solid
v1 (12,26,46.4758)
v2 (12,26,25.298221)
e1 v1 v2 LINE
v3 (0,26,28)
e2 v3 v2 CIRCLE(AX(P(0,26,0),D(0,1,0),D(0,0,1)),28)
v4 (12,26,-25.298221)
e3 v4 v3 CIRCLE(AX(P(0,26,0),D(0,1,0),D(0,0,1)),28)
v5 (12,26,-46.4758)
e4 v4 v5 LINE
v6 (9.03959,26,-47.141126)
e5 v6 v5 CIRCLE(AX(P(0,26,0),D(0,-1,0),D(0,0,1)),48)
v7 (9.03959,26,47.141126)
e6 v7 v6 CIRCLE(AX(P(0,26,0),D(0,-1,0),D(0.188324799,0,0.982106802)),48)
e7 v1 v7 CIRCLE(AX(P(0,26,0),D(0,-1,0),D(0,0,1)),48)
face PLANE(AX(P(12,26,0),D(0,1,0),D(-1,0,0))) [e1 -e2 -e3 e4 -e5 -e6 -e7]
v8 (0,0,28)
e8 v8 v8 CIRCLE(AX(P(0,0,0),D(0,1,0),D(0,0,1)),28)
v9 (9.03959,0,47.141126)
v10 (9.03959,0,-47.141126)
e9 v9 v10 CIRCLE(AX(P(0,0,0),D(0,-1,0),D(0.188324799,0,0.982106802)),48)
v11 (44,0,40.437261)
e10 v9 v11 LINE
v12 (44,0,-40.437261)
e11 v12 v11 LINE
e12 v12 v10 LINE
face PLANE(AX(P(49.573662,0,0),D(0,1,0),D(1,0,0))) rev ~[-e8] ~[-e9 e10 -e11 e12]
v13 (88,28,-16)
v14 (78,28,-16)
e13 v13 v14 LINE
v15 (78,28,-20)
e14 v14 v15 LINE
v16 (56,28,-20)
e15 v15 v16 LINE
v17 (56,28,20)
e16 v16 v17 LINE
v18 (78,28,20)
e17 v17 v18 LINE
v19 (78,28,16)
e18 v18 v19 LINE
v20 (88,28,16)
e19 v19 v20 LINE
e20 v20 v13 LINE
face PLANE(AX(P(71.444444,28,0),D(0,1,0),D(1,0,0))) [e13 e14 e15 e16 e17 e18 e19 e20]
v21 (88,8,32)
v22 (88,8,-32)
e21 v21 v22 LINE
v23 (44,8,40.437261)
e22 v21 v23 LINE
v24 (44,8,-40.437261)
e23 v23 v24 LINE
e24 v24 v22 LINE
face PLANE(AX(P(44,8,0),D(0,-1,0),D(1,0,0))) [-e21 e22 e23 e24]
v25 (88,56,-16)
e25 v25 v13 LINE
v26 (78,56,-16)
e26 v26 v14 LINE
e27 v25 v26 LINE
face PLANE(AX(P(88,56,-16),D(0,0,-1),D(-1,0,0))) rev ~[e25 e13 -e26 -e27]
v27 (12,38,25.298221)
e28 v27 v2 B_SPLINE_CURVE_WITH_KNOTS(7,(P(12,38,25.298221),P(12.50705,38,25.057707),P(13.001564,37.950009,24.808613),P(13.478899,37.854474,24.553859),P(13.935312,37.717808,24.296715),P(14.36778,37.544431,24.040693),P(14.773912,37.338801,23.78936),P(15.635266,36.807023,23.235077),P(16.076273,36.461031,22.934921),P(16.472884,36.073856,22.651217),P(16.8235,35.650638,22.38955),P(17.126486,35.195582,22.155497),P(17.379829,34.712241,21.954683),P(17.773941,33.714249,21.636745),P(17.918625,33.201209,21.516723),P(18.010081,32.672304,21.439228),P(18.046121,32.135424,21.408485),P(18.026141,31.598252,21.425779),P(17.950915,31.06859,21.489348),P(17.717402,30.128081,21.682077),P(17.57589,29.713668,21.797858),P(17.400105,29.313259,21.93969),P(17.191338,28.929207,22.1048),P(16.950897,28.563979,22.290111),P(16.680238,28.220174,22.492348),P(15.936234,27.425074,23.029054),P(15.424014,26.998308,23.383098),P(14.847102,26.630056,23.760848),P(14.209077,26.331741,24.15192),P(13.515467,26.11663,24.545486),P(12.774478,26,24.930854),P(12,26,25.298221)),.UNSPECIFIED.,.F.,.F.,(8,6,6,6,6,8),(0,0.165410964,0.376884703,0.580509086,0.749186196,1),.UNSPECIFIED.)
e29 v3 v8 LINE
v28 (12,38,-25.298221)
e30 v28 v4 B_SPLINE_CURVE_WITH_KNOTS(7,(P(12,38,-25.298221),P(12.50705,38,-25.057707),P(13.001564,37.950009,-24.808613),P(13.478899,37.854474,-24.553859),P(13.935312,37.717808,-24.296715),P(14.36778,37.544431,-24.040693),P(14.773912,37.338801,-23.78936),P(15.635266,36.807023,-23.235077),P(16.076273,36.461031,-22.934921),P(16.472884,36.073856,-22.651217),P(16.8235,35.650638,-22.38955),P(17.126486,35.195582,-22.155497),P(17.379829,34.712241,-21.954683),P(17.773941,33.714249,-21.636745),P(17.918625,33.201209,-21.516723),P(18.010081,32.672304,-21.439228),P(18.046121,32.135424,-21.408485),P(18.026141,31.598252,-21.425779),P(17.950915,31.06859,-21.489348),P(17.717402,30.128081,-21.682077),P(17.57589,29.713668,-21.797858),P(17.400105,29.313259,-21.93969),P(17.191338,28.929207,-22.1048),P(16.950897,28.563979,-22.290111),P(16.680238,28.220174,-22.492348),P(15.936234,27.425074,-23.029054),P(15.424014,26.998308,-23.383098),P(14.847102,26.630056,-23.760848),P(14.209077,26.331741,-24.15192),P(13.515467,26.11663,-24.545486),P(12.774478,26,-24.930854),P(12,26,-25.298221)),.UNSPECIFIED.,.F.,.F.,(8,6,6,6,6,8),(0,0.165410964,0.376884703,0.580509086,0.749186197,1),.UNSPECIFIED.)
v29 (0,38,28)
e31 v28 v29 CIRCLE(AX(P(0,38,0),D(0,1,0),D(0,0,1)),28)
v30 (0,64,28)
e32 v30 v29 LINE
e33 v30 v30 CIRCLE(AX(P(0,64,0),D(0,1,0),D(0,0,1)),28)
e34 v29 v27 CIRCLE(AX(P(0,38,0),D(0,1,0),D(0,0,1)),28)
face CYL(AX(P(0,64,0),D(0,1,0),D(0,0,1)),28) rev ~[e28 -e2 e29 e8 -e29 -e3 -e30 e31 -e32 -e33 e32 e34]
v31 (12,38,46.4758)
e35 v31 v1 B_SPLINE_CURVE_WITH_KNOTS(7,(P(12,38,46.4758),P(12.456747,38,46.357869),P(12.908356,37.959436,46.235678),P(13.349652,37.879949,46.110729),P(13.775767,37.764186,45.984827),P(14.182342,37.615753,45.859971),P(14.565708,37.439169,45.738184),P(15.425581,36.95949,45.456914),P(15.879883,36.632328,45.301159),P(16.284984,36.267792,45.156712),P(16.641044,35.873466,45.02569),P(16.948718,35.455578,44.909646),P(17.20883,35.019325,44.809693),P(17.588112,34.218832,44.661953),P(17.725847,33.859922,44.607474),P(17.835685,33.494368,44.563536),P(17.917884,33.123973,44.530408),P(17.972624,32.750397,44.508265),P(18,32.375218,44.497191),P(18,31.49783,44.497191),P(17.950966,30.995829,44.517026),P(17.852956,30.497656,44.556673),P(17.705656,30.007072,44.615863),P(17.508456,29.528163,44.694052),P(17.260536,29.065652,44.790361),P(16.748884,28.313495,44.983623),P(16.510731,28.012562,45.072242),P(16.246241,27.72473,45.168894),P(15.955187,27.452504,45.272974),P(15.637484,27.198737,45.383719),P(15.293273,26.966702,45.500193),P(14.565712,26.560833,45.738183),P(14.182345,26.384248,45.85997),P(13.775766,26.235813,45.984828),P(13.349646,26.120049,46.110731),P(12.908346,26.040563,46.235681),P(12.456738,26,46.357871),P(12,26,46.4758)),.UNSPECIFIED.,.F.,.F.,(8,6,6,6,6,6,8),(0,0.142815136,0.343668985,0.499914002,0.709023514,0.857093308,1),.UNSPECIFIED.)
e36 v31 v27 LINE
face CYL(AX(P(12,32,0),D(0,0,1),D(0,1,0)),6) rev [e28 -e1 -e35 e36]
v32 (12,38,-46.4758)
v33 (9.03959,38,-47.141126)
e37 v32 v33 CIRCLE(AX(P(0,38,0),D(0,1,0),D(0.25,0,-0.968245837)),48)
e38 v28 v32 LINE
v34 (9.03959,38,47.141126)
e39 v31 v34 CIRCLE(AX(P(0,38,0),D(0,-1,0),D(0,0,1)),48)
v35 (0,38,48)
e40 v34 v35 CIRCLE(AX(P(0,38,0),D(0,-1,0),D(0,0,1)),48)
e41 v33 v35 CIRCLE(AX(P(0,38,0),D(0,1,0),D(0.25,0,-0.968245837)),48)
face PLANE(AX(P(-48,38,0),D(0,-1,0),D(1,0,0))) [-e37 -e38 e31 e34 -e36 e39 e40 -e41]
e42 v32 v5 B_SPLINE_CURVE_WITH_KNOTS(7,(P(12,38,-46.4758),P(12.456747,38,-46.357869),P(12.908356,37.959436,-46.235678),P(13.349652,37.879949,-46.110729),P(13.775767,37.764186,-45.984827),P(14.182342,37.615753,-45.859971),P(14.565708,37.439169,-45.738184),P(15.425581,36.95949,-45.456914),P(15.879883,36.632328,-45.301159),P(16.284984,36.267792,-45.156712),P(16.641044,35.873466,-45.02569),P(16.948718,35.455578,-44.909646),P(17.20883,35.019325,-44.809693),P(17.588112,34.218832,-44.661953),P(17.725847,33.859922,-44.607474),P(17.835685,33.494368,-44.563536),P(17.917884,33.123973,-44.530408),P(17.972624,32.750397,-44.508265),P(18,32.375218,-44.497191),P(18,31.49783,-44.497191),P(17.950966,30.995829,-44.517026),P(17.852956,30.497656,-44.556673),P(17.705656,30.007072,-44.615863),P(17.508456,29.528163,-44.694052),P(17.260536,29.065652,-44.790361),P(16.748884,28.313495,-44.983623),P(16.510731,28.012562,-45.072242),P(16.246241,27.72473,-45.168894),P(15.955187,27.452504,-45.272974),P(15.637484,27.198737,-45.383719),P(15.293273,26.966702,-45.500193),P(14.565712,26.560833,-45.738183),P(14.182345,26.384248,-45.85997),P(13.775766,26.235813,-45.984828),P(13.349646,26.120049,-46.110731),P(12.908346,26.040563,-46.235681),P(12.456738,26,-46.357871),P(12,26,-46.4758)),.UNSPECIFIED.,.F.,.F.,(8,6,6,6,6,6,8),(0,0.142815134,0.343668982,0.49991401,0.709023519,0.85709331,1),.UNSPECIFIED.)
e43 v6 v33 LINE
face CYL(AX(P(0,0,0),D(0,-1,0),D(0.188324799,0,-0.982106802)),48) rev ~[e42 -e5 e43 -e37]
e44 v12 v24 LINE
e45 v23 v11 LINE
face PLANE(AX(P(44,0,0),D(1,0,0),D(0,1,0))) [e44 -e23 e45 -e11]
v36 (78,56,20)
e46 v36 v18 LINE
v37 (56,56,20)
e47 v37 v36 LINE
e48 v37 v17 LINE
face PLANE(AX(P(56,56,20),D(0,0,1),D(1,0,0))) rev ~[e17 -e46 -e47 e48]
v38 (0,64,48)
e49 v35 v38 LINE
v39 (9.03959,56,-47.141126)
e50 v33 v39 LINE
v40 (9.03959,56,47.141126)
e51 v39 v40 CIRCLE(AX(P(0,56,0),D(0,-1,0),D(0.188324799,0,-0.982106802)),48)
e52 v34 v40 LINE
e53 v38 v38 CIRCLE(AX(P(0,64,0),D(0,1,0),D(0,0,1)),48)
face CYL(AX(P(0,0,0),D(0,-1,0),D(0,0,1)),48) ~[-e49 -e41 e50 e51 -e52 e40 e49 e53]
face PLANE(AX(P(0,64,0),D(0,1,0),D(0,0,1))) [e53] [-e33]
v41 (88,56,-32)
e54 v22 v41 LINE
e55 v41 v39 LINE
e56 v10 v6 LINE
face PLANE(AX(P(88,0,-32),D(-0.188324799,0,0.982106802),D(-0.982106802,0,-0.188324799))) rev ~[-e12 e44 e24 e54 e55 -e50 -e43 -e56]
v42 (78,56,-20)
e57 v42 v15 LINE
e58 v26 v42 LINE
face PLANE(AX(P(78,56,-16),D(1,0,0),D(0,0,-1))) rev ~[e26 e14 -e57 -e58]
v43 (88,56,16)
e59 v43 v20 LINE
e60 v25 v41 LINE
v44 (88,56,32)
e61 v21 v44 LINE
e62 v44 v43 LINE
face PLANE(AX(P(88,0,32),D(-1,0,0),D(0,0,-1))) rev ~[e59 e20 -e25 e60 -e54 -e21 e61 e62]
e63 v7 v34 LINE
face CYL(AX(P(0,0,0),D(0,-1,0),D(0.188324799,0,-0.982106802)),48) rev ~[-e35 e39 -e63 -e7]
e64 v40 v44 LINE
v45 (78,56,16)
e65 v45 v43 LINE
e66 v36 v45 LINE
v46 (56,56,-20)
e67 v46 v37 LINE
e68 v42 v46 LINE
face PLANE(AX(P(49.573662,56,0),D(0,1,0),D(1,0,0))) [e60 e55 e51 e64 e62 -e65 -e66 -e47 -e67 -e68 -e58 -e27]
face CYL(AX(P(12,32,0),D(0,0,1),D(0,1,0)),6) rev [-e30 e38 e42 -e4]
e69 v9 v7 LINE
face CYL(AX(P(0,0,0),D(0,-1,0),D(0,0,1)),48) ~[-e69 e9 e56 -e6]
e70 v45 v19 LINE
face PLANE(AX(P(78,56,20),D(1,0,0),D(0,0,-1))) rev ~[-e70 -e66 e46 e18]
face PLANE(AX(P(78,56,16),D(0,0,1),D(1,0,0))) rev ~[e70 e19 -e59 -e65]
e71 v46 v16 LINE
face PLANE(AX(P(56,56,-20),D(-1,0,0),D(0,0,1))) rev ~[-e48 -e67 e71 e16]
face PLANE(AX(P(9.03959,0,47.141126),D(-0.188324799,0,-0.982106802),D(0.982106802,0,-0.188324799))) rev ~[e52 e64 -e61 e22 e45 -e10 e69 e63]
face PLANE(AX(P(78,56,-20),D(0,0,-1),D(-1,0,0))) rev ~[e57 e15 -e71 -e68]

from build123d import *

# Parameters (mm, degrees)
SKETCH_1_R          = 48
EXTRUDE_1_DEPTH     = 64
CUT_EXTRUDE_1_DEPTH = 67
EXTRUDE_START       = -56
EXTRUDE_2_DEPTH     = 56
CUT_EXTRUDE_2_DEPTH = 28
SKETCH_5_W          = 44
SKETCH_5_H          = 8
CUT_EXTRUDE_3_DEPTH = 54
SKETCH_6_R          = 28
CUT_EXTRUDE_4_DEPTH = 119.928549979


with BuildPart() as part:
    # 草圖1 → 填料-伸長1 (new body)
    with BuildSketch(Plane(origin=(0, 0, 0), x_dir=(1, 0, 0), z_dir=(0, 1, 0))):
        with Locations(Location((0, 0, 0), (0, 0, 270))):
            Circle(SKETCH_1_R)
    extrude(amount=EXTRUDE_1_DEPTH)

    # 草圖2 → 除料-伸長1 (cut, symmetric)
    with BuildSketch(Plane.XY):
        with BuildLine():
            Line((-48, 38), (12, 38))
            ThreePointArc((12, 38), (18, 32), (12, 26))
            Line((12, 26), (-48, 26))
            Line((-48, 26), (-48, 38))
        make_face()
    extrude(amount=CUT_EXTRUDE_1_DEPTH, both=True, mode=Mode.SUBTRACT)

    # 草圖3 → 填料-伸長2 (add)
    with BuildSketch(Plane(origin=(0, 56, 0), x_dir=(1, 0, 0), z_dir=(0, 1, 0)).offset(EXTRUDE_START)):
        with BuildLine():
            Line((88, -32), (88, 32))
            Line((88, 32), (9.03959037, 47.141126481))
            ThreePointArc((9.03959037, 47.141126481), (48, 0), (9.03959037, -47.141126481))
            Line((9.03959037, -47.141126481), (88, -32))
        make_face()
    extrude(amount=EXTRUDE_2_DEPTH)

    # 草圖4 → 除料-伸長2 (cut)
    with BuildSketch(Plane(origin=(0, 56, 0), x_dir=(1, 0, 0), z_dir=(0, 1, 0))):
        Polygon((88, -16), (88, 16), (78, 16), (78, 20), (56, 20), (56, -20), (78, -20), (78, -16), align=None)
    extrude(amount=-CUT_EXTRUDE_2_DEPTH, mode=Mode.SUBTRACT)

    # 草圖5 → 除料-伸長3 (cut, symmetric)
    with BuildSketch(Plane.XY):
        with Locations((66, 4)):
            Rectangle(SKETCH_5_W, SKETCH_5_H)
    extrude(amount=CUT_EXTRUDE_3_DEPTH, both=True, mode=Mode.SUBTRACT)

    # 草圖6 → 除料-伸長4 (cut, through all)
    with BuildSketch(Plane(origin=(0, 64, 0), x_dir=(1, 0, 0), z_dir=(0, 1, 0))):
        with Locations(Location((0, 0, 0), (0, 0, 270))):
            Circle(SKETCH_6_R)
    extrude(amount=-CUT_EXTRUDE_4_DEPTH, mode=Mode.SUBTRACT)


solid = part.part
